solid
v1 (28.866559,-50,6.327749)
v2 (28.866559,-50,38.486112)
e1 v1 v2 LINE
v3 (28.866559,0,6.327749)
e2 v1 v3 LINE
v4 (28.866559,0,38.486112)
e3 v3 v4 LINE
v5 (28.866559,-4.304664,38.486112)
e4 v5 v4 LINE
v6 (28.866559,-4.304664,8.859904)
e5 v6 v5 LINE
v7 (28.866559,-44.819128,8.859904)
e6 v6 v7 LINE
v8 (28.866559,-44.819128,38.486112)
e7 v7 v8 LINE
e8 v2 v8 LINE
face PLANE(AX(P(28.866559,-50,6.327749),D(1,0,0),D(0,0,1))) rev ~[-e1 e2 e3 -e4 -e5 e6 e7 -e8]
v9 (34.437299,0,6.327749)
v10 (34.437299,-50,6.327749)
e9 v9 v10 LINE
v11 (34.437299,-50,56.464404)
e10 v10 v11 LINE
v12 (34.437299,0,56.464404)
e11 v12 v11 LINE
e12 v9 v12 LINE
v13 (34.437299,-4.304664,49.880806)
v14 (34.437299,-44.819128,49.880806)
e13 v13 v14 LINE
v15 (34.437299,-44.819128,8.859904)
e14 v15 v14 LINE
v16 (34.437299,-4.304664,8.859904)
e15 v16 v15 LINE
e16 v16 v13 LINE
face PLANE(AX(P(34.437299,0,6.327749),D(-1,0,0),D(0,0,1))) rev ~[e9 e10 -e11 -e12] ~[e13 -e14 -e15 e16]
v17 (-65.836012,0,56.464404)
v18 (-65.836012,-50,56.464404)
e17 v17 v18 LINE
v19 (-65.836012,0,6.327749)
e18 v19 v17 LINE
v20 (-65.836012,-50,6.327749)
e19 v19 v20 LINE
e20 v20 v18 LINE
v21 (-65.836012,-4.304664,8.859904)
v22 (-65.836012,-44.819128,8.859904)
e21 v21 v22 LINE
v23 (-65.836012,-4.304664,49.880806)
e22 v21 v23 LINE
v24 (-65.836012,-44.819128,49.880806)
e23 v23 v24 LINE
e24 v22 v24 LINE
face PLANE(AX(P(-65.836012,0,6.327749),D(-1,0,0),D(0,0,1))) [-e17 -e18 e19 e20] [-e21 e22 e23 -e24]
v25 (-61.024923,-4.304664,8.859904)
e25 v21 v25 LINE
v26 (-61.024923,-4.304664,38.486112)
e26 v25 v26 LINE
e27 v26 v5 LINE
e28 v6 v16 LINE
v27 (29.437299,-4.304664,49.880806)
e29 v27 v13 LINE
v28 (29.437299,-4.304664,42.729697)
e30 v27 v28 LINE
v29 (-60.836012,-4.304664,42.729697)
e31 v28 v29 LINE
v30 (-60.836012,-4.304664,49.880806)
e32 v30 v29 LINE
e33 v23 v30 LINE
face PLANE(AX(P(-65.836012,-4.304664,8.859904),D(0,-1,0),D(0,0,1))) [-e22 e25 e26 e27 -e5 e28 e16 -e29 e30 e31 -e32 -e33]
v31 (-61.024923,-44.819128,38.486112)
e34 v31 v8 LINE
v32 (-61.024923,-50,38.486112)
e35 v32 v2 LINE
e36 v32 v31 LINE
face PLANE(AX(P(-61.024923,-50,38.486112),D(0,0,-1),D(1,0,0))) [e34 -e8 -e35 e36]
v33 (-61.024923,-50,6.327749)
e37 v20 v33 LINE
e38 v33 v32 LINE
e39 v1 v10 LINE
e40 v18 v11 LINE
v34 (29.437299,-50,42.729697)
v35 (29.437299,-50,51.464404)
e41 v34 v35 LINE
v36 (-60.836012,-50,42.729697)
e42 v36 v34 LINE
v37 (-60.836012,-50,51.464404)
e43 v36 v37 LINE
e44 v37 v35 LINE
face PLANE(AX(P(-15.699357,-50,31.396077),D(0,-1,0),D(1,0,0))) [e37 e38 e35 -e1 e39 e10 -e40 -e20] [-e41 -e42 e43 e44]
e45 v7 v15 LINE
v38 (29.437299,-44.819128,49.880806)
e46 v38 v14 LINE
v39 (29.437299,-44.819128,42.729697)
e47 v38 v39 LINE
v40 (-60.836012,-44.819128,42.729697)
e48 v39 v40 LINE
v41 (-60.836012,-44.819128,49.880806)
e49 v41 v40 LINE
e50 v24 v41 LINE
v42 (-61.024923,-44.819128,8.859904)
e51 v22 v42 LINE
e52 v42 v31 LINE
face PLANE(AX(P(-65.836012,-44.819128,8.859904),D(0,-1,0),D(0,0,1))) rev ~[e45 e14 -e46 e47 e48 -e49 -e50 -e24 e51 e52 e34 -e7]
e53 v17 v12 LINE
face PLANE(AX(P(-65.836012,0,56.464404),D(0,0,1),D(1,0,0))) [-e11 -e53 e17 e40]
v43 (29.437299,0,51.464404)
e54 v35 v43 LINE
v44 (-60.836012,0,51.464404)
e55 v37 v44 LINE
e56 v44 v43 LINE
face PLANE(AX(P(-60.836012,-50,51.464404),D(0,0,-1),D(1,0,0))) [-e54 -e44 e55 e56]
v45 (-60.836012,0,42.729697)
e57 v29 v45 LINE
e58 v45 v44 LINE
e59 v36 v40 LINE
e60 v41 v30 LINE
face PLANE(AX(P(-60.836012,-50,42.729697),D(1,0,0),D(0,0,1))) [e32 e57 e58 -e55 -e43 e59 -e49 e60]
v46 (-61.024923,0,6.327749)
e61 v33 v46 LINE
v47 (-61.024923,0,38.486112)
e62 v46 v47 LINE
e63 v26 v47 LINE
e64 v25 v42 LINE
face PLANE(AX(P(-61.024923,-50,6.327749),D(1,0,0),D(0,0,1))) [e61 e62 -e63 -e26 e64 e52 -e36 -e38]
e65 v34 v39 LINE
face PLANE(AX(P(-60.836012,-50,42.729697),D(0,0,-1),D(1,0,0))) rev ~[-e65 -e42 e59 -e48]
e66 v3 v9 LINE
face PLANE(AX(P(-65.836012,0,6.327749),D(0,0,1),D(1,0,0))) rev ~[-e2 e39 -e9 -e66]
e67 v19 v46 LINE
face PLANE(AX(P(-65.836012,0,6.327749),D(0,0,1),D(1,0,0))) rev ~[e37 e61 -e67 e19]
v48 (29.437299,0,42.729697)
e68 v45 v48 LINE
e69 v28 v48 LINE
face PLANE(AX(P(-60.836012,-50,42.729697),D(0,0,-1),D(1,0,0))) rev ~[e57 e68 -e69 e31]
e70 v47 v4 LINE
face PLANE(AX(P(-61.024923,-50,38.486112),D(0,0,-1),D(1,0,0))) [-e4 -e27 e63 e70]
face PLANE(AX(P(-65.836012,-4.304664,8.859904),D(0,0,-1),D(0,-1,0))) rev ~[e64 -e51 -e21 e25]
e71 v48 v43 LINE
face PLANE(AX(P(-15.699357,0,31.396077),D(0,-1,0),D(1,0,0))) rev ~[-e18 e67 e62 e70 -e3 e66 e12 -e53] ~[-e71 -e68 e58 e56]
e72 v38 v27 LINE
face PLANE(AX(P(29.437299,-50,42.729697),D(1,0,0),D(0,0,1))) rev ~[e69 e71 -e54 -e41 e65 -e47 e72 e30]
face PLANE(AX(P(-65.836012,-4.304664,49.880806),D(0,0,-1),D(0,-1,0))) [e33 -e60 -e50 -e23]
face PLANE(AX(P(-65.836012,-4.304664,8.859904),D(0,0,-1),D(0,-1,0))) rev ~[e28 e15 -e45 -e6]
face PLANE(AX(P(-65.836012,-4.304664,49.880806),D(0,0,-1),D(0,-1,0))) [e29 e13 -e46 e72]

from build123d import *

# Parameters (mm, degrees)
F0_W     = 100.2733111382
F0_H     = 50.1366546378
F1_DEPTH = 50
F2_W     = 90.2733111382
F2_H     = 8.7347067715
F3_DEPTH = 50.001
F5_W     = 40.5144635588
F5_H     = 41.020902805
F6_DEPTH = 100.2743111382
F7_W     = 89.8914821446
F7_H     = 32.1583626792
F8_DEPTH = 50.001


with BuildPart() as f1:
    # F0 (on Front) → F1 (new body)
    with BuildSketch(Plane.XZ):
        with Locations((-15.6993567944, 31.3960765488)):
            Rectangle(F0_W, F0_H)
    extrude(amount=F1_DEPTH)

    # F2 (on face) → F3 (cut, through all)
    with BuildSketch(Plane.XZ.offset(50)):
        with Locations((-15.6993567944, 47.097050482)):
            Rectangle(F2_W, F2_H)
    extrude(amount=-F3_DEPTH, mode=Mode.SUBTRACT)

    # F5 (on face) → F6 (cut, through all)
    with BuildSketch(Plane(origin=(-65.8360123634, 0, 0), x_dir=(0, -1, 0), z_dir=(-1, 0, 0))):
        with Locations((24.5618959889, 29.3703549542)):
            Rectangle(F5_W, F5_H)
    extrude(amount=-F6_DEPTH, mode=Mode.SUBTRACT)

    # F7 (on face) → F8 (cut, through all)
    with BuildSketch(Plane.XZ.offset(50)):
        with Locations((-16.0791818053, 22.4069305696)):
            Rectangle(F7_W, F7_H)
    extrude(amount=-F8_DEPTH, mode=Mode.SUBTRACT)


solid = f1.part
